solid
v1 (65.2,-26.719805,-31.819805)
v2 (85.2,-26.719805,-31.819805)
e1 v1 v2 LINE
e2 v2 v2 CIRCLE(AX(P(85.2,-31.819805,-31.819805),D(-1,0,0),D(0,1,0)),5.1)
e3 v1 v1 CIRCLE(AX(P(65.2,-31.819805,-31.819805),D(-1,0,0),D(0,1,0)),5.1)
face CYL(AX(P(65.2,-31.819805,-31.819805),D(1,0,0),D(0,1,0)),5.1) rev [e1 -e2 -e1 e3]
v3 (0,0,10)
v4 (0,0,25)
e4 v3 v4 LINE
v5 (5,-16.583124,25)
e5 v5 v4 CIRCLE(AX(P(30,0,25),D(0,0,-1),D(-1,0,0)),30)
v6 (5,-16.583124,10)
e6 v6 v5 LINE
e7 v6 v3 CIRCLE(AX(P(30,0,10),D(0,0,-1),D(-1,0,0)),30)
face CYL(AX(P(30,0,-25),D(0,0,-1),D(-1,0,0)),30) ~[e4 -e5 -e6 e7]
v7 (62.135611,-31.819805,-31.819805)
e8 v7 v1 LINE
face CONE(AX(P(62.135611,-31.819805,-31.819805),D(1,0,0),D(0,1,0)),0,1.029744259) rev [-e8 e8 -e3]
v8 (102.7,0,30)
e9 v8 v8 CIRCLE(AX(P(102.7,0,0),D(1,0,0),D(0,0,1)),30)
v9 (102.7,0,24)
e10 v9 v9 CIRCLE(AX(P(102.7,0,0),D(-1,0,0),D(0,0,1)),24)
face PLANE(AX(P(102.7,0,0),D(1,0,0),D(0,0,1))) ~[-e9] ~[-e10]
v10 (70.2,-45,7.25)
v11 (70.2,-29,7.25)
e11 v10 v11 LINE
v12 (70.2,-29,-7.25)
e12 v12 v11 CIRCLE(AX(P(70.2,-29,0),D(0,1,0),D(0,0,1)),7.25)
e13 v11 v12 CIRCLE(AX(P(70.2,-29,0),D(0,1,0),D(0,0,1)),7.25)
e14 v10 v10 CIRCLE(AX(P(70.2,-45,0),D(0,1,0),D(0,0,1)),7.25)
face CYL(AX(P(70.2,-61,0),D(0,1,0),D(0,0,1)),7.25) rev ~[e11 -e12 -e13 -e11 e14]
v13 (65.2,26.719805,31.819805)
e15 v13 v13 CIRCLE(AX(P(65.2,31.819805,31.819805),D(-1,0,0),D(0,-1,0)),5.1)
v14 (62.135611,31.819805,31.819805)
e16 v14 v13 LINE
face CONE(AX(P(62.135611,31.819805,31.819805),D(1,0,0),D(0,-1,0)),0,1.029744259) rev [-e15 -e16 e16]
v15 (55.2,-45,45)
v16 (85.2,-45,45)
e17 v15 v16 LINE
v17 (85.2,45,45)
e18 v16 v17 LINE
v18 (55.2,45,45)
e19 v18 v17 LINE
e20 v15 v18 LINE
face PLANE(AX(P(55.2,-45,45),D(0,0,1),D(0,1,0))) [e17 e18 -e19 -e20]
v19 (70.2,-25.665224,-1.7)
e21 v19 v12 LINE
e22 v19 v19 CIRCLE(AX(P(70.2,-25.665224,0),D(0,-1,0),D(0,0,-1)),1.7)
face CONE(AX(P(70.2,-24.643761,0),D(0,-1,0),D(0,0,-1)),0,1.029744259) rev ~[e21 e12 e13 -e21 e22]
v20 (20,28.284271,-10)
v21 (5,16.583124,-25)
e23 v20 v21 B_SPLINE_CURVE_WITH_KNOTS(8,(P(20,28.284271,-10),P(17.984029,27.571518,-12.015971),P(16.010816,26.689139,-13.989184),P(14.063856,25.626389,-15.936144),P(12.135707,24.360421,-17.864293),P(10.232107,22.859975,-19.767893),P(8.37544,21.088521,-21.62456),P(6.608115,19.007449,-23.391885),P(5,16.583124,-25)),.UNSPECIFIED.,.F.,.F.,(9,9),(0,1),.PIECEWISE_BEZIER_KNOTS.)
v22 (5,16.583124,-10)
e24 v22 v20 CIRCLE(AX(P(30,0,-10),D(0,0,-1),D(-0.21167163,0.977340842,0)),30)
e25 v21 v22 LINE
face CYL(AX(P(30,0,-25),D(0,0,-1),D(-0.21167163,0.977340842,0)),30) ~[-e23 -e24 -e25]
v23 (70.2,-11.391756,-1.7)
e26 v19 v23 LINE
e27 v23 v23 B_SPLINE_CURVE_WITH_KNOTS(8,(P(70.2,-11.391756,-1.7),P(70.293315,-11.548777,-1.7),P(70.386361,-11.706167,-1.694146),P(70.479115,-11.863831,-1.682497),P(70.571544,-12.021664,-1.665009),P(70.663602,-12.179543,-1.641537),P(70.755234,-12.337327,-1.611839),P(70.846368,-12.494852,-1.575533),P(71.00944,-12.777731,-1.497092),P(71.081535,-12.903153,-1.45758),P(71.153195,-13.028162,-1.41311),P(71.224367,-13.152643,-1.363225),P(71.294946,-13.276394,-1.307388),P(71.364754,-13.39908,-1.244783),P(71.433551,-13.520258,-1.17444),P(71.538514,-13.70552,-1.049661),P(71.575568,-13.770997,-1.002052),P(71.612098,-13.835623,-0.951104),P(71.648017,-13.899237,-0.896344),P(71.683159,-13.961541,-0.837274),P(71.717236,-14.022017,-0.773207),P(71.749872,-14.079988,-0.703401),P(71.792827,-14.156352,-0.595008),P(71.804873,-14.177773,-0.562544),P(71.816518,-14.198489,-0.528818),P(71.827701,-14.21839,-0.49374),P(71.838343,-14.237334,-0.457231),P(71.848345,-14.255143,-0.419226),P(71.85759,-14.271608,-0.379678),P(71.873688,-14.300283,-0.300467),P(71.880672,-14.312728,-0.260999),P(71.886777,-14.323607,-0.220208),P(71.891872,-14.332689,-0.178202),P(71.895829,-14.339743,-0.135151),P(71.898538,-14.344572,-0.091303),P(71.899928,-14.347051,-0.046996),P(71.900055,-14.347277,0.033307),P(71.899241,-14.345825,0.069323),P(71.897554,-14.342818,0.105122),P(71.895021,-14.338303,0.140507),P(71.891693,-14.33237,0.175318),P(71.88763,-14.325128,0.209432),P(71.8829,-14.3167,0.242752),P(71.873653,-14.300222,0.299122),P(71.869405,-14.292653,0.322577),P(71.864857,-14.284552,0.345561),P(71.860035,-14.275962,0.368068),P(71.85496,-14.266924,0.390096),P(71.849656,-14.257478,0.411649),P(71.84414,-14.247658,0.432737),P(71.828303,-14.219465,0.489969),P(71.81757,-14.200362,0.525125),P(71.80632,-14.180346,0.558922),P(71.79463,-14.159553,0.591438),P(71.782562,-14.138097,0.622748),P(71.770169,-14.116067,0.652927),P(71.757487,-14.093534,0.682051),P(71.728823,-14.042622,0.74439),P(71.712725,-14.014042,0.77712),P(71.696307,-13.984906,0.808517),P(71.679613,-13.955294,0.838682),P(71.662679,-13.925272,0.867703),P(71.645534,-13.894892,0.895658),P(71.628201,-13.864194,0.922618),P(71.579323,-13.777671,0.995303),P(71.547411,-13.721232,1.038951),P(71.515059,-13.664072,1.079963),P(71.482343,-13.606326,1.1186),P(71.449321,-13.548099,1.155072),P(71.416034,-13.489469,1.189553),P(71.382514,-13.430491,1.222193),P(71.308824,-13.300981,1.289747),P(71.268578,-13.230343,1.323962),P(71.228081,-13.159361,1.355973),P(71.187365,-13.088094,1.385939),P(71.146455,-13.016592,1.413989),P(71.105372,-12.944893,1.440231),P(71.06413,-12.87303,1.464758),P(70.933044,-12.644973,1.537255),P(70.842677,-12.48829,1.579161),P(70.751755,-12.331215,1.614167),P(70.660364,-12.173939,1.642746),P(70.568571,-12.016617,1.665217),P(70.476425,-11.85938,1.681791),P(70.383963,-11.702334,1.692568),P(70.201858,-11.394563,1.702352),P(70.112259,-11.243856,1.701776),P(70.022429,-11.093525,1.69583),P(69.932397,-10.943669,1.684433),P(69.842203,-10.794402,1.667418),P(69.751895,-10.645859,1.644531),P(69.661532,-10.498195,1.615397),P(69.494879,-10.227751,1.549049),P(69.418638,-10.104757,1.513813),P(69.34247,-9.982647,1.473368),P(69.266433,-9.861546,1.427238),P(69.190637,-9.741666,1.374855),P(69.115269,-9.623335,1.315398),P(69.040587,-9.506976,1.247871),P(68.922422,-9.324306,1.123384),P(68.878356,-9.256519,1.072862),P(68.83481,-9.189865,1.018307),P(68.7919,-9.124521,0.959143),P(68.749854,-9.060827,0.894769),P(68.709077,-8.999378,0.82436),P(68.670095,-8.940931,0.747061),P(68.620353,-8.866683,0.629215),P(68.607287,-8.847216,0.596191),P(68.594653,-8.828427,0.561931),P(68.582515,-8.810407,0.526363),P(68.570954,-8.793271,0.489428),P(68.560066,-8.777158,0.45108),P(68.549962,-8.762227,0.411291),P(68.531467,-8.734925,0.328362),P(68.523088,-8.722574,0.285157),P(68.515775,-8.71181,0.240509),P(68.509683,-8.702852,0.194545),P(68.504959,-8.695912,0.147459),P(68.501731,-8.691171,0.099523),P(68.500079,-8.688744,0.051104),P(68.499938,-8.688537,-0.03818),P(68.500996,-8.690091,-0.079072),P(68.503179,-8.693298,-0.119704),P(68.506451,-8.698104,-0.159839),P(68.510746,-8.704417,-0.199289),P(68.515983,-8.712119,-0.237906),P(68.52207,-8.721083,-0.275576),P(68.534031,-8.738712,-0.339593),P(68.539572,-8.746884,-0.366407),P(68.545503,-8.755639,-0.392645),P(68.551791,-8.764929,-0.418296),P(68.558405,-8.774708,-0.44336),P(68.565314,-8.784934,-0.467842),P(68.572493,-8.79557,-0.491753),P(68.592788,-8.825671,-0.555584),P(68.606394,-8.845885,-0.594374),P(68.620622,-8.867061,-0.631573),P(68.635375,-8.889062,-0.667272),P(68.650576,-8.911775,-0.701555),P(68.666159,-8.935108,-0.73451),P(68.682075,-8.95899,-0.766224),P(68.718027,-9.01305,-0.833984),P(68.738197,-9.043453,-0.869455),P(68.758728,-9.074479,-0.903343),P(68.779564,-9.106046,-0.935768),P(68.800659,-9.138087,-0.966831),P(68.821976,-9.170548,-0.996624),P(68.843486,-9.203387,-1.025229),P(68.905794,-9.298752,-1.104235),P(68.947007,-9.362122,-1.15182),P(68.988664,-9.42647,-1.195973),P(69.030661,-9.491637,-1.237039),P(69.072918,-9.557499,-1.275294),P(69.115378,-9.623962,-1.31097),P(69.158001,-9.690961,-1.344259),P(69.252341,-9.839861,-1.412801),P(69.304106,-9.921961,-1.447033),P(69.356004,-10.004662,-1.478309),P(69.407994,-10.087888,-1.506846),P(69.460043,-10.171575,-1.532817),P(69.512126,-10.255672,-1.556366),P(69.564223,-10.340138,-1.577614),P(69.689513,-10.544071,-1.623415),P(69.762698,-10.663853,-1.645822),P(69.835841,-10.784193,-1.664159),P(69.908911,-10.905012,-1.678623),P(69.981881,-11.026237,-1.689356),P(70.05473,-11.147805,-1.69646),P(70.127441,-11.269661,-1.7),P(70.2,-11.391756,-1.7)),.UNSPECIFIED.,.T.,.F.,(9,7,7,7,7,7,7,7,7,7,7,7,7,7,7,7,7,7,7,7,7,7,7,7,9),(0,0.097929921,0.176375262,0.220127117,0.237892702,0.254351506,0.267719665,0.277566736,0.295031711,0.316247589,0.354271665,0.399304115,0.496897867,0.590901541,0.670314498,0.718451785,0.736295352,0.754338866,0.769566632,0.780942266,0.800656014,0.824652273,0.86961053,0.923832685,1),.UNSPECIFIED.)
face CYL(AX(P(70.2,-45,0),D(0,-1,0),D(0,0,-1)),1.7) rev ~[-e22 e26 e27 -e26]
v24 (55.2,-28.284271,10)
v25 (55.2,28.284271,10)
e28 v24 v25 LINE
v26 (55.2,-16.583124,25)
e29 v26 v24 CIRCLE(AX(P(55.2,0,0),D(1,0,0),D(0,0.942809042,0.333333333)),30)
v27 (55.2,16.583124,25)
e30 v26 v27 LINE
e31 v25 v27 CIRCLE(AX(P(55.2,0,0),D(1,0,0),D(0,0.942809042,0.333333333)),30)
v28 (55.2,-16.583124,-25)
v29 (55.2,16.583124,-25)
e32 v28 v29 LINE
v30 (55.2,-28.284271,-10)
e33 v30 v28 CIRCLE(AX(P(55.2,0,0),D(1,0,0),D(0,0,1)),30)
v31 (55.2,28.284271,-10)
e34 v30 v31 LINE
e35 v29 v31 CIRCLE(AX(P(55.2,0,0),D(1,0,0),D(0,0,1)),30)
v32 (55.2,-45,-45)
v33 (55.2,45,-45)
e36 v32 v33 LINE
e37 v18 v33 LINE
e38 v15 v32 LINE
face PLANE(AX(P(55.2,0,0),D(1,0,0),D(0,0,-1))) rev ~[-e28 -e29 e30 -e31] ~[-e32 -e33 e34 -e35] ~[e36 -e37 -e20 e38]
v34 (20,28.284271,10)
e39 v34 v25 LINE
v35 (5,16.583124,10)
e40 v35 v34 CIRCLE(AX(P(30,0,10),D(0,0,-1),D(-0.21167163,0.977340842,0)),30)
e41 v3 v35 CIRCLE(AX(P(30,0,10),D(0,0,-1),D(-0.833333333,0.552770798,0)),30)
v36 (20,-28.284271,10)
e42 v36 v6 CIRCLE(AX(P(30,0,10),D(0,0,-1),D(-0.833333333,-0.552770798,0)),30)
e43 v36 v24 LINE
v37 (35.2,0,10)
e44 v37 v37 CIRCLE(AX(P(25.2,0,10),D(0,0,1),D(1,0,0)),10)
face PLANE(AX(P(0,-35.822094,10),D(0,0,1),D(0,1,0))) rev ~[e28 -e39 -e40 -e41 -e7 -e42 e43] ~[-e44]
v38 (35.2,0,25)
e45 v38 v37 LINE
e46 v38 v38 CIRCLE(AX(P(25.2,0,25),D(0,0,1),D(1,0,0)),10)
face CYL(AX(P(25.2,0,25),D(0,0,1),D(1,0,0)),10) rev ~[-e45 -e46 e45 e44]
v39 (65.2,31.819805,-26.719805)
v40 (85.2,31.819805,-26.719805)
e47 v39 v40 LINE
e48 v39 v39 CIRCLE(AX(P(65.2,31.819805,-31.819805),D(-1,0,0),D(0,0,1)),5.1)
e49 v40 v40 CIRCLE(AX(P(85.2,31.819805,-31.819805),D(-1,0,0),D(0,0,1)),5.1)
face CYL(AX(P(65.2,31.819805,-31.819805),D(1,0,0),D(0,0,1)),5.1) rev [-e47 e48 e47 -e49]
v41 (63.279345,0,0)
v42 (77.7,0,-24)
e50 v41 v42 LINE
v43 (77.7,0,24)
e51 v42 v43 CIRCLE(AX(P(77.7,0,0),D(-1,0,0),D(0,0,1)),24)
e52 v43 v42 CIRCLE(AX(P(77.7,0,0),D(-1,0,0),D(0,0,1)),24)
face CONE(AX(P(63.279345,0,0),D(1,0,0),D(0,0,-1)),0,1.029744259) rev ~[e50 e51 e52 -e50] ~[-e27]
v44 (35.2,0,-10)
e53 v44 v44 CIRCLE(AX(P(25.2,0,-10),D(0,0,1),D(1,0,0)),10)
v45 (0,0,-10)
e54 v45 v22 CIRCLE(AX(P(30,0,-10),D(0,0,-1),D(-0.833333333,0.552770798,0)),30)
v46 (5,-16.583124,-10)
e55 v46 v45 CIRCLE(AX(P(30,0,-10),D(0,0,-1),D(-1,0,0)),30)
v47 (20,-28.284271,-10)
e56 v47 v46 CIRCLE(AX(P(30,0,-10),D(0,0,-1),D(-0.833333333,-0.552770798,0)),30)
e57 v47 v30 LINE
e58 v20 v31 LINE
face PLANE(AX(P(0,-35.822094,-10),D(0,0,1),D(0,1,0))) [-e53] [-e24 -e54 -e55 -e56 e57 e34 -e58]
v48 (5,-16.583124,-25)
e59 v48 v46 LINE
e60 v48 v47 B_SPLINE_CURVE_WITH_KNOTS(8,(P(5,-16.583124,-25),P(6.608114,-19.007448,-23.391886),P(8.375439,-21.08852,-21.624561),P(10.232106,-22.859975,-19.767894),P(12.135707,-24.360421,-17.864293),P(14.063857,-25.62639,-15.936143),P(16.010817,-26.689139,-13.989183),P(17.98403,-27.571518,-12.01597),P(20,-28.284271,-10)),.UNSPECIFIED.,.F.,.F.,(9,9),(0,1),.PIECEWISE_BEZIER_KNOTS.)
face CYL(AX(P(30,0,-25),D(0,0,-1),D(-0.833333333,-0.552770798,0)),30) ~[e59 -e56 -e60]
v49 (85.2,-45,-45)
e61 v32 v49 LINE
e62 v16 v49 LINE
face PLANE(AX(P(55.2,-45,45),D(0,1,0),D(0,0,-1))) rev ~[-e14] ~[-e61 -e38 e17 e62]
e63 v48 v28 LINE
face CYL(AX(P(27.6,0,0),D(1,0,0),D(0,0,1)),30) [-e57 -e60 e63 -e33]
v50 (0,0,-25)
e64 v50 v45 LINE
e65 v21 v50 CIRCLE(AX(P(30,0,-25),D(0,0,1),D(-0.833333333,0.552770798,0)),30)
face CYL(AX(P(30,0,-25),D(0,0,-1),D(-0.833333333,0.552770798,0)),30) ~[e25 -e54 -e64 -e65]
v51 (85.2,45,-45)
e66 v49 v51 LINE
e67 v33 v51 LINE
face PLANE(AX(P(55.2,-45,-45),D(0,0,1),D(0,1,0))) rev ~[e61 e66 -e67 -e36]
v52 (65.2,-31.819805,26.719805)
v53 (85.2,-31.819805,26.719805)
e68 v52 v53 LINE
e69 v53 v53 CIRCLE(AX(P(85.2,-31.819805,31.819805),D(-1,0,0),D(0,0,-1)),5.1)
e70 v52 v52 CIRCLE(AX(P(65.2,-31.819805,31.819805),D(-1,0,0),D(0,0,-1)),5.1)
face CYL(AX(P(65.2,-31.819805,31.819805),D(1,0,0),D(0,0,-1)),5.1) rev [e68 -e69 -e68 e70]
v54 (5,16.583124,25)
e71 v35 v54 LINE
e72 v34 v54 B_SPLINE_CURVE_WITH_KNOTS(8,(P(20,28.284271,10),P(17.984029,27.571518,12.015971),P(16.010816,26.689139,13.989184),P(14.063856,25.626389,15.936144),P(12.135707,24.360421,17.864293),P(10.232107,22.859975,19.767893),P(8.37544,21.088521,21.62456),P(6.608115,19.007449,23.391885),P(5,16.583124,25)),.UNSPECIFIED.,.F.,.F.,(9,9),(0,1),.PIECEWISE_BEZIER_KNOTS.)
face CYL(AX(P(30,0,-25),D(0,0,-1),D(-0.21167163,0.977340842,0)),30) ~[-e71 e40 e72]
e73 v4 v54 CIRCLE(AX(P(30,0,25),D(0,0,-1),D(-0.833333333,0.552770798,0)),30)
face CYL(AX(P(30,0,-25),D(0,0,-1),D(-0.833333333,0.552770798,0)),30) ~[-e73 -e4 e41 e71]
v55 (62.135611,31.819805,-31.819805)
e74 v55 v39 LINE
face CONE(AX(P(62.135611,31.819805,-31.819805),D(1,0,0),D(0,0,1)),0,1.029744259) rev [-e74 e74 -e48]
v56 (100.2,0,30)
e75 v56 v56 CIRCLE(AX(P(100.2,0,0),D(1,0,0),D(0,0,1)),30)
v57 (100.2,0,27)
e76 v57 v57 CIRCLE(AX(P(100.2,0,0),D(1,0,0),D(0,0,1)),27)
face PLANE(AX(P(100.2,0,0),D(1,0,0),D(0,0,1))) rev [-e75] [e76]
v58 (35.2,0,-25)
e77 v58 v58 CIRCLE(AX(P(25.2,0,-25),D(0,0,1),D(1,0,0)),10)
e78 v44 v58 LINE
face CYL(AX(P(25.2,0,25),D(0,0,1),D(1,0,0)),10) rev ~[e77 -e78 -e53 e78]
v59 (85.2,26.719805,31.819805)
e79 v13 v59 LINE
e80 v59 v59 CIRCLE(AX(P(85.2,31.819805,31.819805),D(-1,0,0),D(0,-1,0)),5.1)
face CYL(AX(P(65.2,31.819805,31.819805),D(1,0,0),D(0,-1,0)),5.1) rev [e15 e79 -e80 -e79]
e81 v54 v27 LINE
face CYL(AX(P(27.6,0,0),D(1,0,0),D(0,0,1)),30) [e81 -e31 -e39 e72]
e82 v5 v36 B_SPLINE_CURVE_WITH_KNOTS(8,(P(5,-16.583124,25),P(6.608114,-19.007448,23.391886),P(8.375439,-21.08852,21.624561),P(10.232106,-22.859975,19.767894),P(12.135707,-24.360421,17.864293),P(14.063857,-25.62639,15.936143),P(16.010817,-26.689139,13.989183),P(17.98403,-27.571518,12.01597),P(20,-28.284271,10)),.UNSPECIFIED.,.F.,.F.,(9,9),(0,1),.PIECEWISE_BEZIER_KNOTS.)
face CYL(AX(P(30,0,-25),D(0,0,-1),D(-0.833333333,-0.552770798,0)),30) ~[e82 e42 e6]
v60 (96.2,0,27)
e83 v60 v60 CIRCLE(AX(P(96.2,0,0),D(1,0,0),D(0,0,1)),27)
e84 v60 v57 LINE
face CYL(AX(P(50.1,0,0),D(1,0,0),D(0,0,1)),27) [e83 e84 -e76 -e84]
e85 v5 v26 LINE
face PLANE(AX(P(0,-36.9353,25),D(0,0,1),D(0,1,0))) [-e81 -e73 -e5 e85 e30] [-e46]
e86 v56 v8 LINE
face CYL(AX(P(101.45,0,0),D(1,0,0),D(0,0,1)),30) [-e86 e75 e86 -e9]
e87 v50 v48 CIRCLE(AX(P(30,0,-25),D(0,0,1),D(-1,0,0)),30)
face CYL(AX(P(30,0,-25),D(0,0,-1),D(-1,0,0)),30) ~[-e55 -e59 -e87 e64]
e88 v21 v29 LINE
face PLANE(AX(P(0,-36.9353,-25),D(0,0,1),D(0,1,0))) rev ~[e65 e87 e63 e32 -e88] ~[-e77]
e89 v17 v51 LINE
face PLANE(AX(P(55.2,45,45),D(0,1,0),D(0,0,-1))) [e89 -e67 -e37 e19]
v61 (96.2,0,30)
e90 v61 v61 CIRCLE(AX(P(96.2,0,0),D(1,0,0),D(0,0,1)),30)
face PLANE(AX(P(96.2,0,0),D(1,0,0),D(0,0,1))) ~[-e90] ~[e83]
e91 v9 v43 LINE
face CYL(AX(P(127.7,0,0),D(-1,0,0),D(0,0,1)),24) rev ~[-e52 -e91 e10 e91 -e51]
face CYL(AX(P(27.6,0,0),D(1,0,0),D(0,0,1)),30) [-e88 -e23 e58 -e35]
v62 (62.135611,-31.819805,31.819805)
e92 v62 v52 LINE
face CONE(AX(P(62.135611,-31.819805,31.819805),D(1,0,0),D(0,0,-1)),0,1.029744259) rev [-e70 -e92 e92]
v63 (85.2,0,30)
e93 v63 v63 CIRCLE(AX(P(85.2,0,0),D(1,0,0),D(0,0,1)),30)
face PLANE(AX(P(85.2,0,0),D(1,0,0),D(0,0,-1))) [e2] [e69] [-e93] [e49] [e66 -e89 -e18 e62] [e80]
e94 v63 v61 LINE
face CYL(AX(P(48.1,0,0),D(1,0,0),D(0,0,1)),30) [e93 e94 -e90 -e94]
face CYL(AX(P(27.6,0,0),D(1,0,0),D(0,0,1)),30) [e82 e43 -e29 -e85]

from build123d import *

# Parameters (mm, degrees)
SKETCH1_W                          = 55.2
SKETCH1_H                          = 30
SKETCH2_W                          = 90
SKETCH2_H                          = 90
BOSS_EXTRUDE1_DEPTH                = 30
SKETCH8_W                          = 96.2
SKETCH8_H                          = 30
SKETCH11_W                         = 100.2
SKETCH11_H                         = 27
SKETCH15_W                         = 2.5
SKETCH15_H                         = 30
SKETCH16_W                         = 20
SKETCH16_H                         = 71.644187242
CUT_EXTRUDE1_DEPTH                 = 55.2
SKETCH17_OUTSIDE_W                 = 124.71
SKETCH17_OUTSIDE_H                 = 124.71
SKETCH17_OUTSIDE_W_2               = 50
SKETCH17_OUTSIDE_H_2               = 73.870600334
CUT_EXTRUDE2_DEPTH                 = 55.2
SKETCH19_R                         = 10
CUT_EXTRUDE3_DEPTH                 = 133.182790105
CUT_EXTRUDE4_DEPTH                 = 133.182790105
TAP_DRILL_FOR_M1_2X0_25_TAP2_D     = 48
TAP_DRILL_FOR_M1_2X0_25_TAP2_DEPTH = 25
TAP_DRILL_FOR_M1_2X0_25_TAP2_TIP   = 14.420654857
CIRPATTERN1_COUNT                  = 4
M16X1_5_TAPPED_HOLE3_D             = 14.5
M16X1_5_TAPPED_HOLE3_DEPTH         = 16
M16X1_5_TAPPED_HOLE3_TIP           = 4.356239488
CUT_EXTRUDE5_REACH                 = 145.779
SKETCH45_R                         = 1.7


with BuildPart() as part:
    # Sketch1 → Revolve-Thin1 (revolve)
    with BuildSketch(Plane.XY, mode=Mode.PRIVATE) as revolve_thin1_sk:
        with Locations((27.6, 15)):
            Rectangle(SKETCH1_W, SKETCH1_H)
    revolve(revolve_thin1_sk.sketch.rotate(Axis((0, 0, 0), (1, 0, 0)), 90), axis=Axis((0, 0, 0), (1, 0, 0)))

    # Sketch2 → Boss-Extrude1 (add)
    with BuildSketch(Plane(origin=(55.2, 0, 0), x_dir=(0, 0, -1), z_dir=(1, 0, 0))):
        Rectangle(SKETCH2_W, SKETCH2_H)
    extrude(amount=BOSS_EXTRUDE1_DEPTH)

    # Sketch8 → Revolve-Thin2 (revolve)
    with BuildSketch(Plane.XY, mode=Mode.PRIVATE) as revolve_thin2_sk:
        with Locations((48.1, 15)):
            Rectangle(SKETCH8_W, SKETCH8_H)
    revolve(revolve_thin2_sk.sketch.rotate(Axis((0, 0, 0), (1, 0, 0)), 90), axis=Axis((0, 0, 0), (1, 0, 0)))

    # Sketch11 → Revolve-Thin3 (revolve)
    with BuildSketch(Plane(origin=(0, 0, 0), x_dir=(1, 0, 0), z_dir=(0, 1, 0)), mode=Mode.PRIVATE) as revolve_thin3_sk:
        with Locations((50.1, 13.5)):
            Rectangle(SKETCH11_W, SKETCH11_H)
    revolve(revolve_thin3_sk.sketch.rotate(Axis((0, 0, 0), (1, 0, 0)), 180), axis=Axis((0, 0, 0), (1, 0, 0)))

    # Sketch15 → Revolve-Thin4 (revolve)
    with BuildSketch(Plane.XY, mode=Mode.PRIVATE) as revolve_thin4_sk:
        with Locations((101.45, 15)):
            Rectangle(SKETCH15_W, SKETCH15_H)
    revolve(revolve_thin4_sk.sketch.rotate(Axis((100.2, 0, 0), (1, 0, 0)), 90), axis=Axis((100.2, 0, 0), (1, 0, 0)))

    # Sketch16 → Cut-Extrude1 (cut)
    with BuildSketch(Plane.ZY):
        Rectangle(SKETCH16_W, SKETCH16_H)
    extrude(amount=-CUT_EXTRUDE1_DEPTH, mode=Mode.SUBTRACT)

    # Sketch17 outside → Cut-Extrude2 (cut)
    with BuildSketch(Plane.ZY):
        Rectangle(SKETCH17_OUTSIDE_W, SKETCH17_OUTSIDE_H)
        Rectangle(SKETCH17_OUTSIDE_W_2, SKETCH17_OUTSIDE_H_2, mode=Mode.SUBTRACT)
    extrude(amount=-CUT_EXTRUDE2_DEPTH, mode=Mode.SUBTRACT)

    # Sketch19 → Cut-Extrude3 (cut, through all)
    with BuildSketch(Plane.XY.offset(25)):
        with Locations((25.2, 0)):
            Circle(SKETCH19_R)
    extrude(amount=-CUT_EXTRUDE3_DEPTH, mode=Mode.SUBTRACT)

    # Sketch22 → Cut-Extrude4 (cut, through all)
    with BuildSketch(Plane(origin=(0, 0, -25), x_dir=(-1, 0, 0), z_dir=(0, 0, -1))):
        with BuildLine():
            Line((0, 16.583123952), (-5, 16.583123952))
            ThreePointArc((-5, 16.583123952), (-1.277186767, 8.660254038), (0, 0))
            Line((0, 0), (0, 16.583123952))
        make_face()
        with BuildLine():
            Line((9.98487255, 34.360502565), (-23.649851102, 34.360502565))
            Line((-23.649851102, 34.360502565), (-23.649851102, 29.320225254))
            ThreePointArc((-23.649851102, 29.320225254), (-13.080591134, 24.773647362), (-5, 16.583123952))
            Line((-5, 16.583123952), (0, 16.583123952))
            Line((0, 16.583123952), (0, 0))
            Line((0, 0), (0, -16.583123952))
            Line((0, -16.583123952), (-5, -16.583123952))
            ThreePointArc((-5, -16.583123952), (-13.080591134, -24.773647362), (-23.649851102, -29.320225254))
            Line((-23.649851102, -29.320225254), (-23.649851102, -35.668103598))
            Line((-23.649851102, -35.668103598), (9.98487255, -35.668103598))
            Line((9.98487255, -35.668103598), (9.98487255, 34.360502565))
        make_face()
        with BuildLine():
            Line((0, -16.583123952), (0, 0))
            ThreePointArc((0, 0), (-1.277186767, -8.660254038), (-5, -16.583123952))
            Line((-5, -16.583123952), (0, -16.583123952))
        make_face()
    extrude(amount=-CUT_EXTRUDE4_DEPTH, mode=Mode.SUBTRACT)

    # Tap Drill for M1.2x0.25 Tap2
    with Locations(Plane(origin=(102.7, 0, 0), x_dir=(0, 0, -1), z_dir=(1, 0, 0))):
        with Locations((0, 0)):
            Hole(TAP_DRILL_FOR_M1_2X0_25_TAP2_D / 2, depth=TAP_DRILL_FOR_M1_2X0_25_TAP2_DEPTH)
            with Locations((0, 0, -(TAP_DRILL_FOR_M1_2X0_25_TAP2_DEPTH + TAP_DRILL_FOR_M1_2X0_25_TAP2_TIP / 2))):  # 118° drill point
                Cone(0, TAP_DRILL_FOR_M1_2X0_25_TAP2_D / 2, TAP_DRILL_FOR_M1_2X0_25_TAP2_TIP, mode=Mode.SUBTRACT)

    # Sketch32 → M12 Tapped Hole2 (revolve, cut)
    with BuildSketch(Plane(origin=(85.2, -31.819805153, 31.819805153), x_dir=(0, 0, -1), z_dir=(0, 1, 0))):
        Polygon((0, 0), (0, 23.064389157), (5.1, 20), (5.1, 0), align=None)
    m12_tapped_hole2 = revolve(axis=Axis((91.55, -31.819805153, 31.819805153), (-1, 0, 0)), mode=Mode.SUBTRACT)

    # CirPattern1: M12 Tapped Hole2 ×4 about axis
    cirpattern1_axis = Axis((0, 0, 0), (1, 0, 0))
    for i in range(1, CIRPATTERN1_COUNT):
        add(m12_tapped_hole2.rotate(cirpattern1_axis, i * 360 / CIRPATTERN1_COUNT), mode=Mode.SUBTRACT)

    # M16x1.5 Tapped Hole3
    with Locations(Plane(origin=(70.2, -45, 0), x_dir=(0, 0, -1), z_dir=(0, -1, 0))):
        with Locations((0, 0)):
            Hole(M16X1_5_TAPPED_HOLE3_D / 2, depth=M16X1_5_TAPPED_HOLE3_DEPTH)
            with Locations((0, 0, -(M16X1_5_TAPPED_HOLE3_DEPTH + M16X1_5_TAPPED_HOLE3_TIP / 2))):  # 118° drill point
                Cone(0, M16X1_5_TAPPED_HOLE3_D / 2, M16X1_5_TAPPED_HOLE3_TIP, mode=Mode.SUBTRACT)

    # Cut-Extrude5: up to this cone (the profile starts outside it)
    cut_extrude5_end = Plane(origin=(70.2, 0, 0), z_dir=(1, 0, 0)).offset(-6.920653857) * Cone(1.664e-06, 274.136053392, 164.717557739, align=(Align.CENTER, Align.CENTER, Align.MIN), mode=Mode.PRIVATE)
    # Sketch45 → Cut-Extrude5 (cut, up to the surface)
    with BuildSketch(Plane.XZ.offset(45), mode=Mode.PRIVATE) as cut_extrude5_sk1:
        with Locations(Location((70.2, 0, 0), (0, 0, 270))):
            Circle(SKETCH45_R)
    cut_extrude5_tool1 = extrude(cut_extrude5_sk1.sketch, amount=-CUT_EXTRUDE5_REACH, mode=Mode.PRIVATE) - cut_extrude5_end
    add(cut_extrude5_tool1.solids().sort_by_distance((70.2, -45, 0))[0], mode=Mode.SUBTRACT)


solid = part.part
